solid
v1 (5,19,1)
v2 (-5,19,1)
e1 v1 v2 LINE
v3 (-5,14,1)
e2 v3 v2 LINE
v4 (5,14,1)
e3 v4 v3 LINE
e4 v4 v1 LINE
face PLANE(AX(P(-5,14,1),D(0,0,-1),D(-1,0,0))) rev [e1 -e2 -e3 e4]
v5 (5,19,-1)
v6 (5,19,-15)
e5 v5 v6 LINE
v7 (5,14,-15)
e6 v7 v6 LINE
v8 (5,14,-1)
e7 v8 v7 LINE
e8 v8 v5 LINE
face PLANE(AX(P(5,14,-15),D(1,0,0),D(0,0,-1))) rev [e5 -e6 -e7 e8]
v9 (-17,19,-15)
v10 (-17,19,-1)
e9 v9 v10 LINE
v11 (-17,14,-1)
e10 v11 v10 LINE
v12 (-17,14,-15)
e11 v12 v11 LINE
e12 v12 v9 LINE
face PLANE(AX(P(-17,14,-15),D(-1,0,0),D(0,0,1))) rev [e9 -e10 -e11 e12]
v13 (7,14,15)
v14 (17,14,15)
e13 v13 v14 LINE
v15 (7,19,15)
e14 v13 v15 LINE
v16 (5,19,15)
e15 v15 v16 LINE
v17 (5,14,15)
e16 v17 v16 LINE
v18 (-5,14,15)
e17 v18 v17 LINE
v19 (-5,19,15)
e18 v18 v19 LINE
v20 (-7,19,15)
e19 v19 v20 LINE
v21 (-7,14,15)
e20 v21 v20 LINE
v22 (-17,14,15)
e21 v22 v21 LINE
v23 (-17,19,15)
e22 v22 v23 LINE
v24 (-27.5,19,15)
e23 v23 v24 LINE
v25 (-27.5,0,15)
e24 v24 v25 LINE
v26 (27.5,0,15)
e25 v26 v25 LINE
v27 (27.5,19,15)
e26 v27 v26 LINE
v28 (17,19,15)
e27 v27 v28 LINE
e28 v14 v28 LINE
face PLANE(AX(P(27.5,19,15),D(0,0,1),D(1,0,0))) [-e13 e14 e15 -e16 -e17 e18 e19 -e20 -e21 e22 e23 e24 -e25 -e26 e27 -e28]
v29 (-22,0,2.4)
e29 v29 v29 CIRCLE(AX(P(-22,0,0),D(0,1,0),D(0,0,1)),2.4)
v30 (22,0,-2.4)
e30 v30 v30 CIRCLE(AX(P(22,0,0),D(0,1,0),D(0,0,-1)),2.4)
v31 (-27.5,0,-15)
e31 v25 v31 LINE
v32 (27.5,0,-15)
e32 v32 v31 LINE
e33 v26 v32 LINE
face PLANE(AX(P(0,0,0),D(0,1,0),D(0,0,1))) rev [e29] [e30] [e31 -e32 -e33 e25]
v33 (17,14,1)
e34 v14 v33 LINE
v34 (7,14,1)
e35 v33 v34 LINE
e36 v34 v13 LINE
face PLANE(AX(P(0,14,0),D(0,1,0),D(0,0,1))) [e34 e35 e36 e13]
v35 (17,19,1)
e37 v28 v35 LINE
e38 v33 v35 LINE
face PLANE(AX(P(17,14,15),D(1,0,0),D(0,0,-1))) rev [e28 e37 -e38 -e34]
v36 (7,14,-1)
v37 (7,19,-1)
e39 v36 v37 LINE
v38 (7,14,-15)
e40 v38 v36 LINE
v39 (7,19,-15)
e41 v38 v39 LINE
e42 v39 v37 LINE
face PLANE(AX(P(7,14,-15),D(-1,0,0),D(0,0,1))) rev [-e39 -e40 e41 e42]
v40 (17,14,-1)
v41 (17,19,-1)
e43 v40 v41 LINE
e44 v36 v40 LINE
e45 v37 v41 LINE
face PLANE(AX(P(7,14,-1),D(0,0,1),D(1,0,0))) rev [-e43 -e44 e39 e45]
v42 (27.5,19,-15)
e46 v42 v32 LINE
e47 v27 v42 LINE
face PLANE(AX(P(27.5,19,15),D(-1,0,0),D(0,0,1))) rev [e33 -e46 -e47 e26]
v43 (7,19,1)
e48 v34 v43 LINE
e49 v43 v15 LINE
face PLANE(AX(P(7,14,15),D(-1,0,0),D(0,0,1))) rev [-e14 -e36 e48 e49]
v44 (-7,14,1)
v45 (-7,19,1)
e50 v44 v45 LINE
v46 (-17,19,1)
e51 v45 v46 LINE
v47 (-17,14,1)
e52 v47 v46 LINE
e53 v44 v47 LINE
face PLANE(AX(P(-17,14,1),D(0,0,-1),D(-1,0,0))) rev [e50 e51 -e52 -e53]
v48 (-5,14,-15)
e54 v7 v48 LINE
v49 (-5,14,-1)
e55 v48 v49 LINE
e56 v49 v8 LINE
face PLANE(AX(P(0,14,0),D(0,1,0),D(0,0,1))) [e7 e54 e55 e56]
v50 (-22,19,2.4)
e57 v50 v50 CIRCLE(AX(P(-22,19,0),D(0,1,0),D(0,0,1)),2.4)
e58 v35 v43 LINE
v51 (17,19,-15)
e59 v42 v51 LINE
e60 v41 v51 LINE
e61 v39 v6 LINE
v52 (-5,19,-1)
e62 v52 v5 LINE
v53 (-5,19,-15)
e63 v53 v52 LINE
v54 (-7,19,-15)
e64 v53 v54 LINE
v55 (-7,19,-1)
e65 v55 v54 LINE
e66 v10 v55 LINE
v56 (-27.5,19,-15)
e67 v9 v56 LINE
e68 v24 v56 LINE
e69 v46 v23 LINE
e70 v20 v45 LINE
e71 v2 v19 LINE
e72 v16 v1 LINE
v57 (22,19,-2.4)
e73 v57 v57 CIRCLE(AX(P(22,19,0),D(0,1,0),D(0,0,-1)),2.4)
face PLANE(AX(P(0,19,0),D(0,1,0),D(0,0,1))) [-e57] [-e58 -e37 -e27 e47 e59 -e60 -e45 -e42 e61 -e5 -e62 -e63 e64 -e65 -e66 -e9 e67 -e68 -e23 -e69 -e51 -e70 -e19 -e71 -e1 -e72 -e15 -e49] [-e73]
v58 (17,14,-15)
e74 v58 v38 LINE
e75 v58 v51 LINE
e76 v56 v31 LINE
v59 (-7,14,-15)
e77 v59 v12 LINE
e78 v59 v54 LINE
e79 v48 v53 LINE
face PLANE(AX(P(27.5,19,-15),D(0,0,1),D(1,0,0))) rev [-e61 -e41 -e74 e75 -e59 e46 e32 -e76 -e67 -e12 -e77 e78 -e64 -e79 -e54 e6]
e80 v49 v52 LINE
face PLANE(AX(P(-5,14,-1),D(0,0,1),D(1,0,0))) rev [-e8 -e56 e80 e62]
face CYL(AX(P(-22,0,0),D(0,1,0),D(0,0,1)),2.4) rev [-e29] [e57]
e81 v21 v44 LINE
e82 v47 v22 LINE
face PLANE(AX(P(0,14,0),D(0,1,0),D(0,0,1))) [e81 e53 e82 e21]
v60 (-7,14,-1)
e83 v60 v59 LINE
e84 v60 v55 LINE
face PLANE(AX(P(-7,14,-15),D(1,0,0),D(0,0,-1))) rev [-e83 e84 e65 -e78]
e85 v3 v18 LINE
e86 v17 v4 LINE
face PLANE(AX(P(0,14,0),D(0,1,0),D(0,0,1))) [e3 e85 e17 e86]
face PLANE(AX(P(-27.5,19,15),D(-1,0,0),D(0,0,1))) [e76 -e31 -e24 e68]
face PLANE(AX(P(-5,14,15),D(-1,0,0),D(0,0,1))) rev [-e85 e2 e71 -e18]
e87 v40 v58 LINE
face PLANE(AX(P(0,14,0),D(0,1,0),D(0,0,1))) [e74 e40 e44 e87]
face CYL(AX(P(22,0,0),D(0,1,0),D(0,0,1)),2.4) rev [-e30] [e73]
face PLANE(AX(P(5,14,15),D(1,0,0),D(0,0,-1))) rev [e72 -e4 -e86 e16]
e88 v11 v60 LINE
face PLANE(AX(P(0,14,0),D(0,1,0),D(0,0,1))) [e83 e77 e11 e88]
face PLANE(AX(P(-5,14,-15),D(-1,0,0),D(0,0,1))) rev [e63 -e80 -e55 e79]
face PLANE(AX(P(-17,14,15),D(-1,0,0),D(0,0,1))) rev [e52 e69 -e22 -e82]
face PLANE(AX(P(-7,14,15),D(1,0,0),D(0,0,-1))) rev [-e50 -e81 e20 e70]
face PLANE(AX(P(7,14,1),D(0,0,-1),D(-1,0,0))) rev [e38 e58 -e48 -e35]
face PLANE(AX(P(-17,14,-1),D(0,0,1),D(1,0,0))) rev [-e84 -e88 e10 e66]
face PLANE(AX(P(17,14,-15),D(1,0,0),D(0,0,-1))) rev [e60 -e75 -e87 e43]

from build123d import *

# Parameters (mm, degrees)
SKETCH_1_W          = 55
SKETCH_1_H          = 30
EXTRUDE_1_DEPTH     = 19
SKETCH_2_R          = 2.4
CUT_EXTRUDE_1_DEPTH = 37.636730203
SKETCH_3_W          = 10
SKETCH_3_H          = 14
CUT_EXTRUDE_2_DEPTH = 5


with BuildPart() as part:
    # 草图1 → 凸台-拉伸1 (new body)
    with BuildSketch(Plane(origin=(0, 0, 0), x_dir=(1, 0, 0), z_dir=(0, 1, 0))):
        Rectangle(SKETCH_1_W, SKETCH_1_H)
    extrude(amount=EXTRUDE_1_DEPTH)

    # 草图2 → 切除-拉伸1 (cut, through all)
    with BuildSketch(Plane(origin=(0, 19, 0), x_dir=(1, 0, 0), z_dir=(0, 1, 0))):
        with Locations(Location((-22, 0, 0), (0, 0, 270))):
            Circle(SKETCH_2_R)
        with Locations(Location((22, 0, 0), (0, 0, 90))):
            Circle(SKETCH_2_R)
    extrude(amount=-CUT_EXTRUDE_1_DEPTH, mode=Mode.SUBTRACT)

    # 草图3 → 切除-拉伸2 (cut)
    with BuildSketch(Plane(origin=(0, 19, 0), x_dir=(1, 0, 0), z_dir=(0, 1, 0))):
        with Locations((-12, 8)):
            Rectangle(SKETCH_3_W, SKETCH_3_H)
        with Locations((0, 8)):
            Rectangle(SKETCH_3_W, SKETCH_3_H)
        with Locations((12, 8)):
            Rectangle(SKETCH_3_W, SKETCH_3_H)
        with Locations((12, -8)):
            Rectangle(SKETCH_3_W, SKETCH_3_H)
        with Locations((0, -8)):
            Rectangle(SKETCH_3_W, SKETCH_3_H)
        with Locations((-12, -8)):
            Rectangle(SKETCH_3_W, SKETCH_3_H)
    extrude(amount=-CUT_EXTRUDE_2_DEPTH, mode=Mode.SUBTRACT)


solid = part.part
